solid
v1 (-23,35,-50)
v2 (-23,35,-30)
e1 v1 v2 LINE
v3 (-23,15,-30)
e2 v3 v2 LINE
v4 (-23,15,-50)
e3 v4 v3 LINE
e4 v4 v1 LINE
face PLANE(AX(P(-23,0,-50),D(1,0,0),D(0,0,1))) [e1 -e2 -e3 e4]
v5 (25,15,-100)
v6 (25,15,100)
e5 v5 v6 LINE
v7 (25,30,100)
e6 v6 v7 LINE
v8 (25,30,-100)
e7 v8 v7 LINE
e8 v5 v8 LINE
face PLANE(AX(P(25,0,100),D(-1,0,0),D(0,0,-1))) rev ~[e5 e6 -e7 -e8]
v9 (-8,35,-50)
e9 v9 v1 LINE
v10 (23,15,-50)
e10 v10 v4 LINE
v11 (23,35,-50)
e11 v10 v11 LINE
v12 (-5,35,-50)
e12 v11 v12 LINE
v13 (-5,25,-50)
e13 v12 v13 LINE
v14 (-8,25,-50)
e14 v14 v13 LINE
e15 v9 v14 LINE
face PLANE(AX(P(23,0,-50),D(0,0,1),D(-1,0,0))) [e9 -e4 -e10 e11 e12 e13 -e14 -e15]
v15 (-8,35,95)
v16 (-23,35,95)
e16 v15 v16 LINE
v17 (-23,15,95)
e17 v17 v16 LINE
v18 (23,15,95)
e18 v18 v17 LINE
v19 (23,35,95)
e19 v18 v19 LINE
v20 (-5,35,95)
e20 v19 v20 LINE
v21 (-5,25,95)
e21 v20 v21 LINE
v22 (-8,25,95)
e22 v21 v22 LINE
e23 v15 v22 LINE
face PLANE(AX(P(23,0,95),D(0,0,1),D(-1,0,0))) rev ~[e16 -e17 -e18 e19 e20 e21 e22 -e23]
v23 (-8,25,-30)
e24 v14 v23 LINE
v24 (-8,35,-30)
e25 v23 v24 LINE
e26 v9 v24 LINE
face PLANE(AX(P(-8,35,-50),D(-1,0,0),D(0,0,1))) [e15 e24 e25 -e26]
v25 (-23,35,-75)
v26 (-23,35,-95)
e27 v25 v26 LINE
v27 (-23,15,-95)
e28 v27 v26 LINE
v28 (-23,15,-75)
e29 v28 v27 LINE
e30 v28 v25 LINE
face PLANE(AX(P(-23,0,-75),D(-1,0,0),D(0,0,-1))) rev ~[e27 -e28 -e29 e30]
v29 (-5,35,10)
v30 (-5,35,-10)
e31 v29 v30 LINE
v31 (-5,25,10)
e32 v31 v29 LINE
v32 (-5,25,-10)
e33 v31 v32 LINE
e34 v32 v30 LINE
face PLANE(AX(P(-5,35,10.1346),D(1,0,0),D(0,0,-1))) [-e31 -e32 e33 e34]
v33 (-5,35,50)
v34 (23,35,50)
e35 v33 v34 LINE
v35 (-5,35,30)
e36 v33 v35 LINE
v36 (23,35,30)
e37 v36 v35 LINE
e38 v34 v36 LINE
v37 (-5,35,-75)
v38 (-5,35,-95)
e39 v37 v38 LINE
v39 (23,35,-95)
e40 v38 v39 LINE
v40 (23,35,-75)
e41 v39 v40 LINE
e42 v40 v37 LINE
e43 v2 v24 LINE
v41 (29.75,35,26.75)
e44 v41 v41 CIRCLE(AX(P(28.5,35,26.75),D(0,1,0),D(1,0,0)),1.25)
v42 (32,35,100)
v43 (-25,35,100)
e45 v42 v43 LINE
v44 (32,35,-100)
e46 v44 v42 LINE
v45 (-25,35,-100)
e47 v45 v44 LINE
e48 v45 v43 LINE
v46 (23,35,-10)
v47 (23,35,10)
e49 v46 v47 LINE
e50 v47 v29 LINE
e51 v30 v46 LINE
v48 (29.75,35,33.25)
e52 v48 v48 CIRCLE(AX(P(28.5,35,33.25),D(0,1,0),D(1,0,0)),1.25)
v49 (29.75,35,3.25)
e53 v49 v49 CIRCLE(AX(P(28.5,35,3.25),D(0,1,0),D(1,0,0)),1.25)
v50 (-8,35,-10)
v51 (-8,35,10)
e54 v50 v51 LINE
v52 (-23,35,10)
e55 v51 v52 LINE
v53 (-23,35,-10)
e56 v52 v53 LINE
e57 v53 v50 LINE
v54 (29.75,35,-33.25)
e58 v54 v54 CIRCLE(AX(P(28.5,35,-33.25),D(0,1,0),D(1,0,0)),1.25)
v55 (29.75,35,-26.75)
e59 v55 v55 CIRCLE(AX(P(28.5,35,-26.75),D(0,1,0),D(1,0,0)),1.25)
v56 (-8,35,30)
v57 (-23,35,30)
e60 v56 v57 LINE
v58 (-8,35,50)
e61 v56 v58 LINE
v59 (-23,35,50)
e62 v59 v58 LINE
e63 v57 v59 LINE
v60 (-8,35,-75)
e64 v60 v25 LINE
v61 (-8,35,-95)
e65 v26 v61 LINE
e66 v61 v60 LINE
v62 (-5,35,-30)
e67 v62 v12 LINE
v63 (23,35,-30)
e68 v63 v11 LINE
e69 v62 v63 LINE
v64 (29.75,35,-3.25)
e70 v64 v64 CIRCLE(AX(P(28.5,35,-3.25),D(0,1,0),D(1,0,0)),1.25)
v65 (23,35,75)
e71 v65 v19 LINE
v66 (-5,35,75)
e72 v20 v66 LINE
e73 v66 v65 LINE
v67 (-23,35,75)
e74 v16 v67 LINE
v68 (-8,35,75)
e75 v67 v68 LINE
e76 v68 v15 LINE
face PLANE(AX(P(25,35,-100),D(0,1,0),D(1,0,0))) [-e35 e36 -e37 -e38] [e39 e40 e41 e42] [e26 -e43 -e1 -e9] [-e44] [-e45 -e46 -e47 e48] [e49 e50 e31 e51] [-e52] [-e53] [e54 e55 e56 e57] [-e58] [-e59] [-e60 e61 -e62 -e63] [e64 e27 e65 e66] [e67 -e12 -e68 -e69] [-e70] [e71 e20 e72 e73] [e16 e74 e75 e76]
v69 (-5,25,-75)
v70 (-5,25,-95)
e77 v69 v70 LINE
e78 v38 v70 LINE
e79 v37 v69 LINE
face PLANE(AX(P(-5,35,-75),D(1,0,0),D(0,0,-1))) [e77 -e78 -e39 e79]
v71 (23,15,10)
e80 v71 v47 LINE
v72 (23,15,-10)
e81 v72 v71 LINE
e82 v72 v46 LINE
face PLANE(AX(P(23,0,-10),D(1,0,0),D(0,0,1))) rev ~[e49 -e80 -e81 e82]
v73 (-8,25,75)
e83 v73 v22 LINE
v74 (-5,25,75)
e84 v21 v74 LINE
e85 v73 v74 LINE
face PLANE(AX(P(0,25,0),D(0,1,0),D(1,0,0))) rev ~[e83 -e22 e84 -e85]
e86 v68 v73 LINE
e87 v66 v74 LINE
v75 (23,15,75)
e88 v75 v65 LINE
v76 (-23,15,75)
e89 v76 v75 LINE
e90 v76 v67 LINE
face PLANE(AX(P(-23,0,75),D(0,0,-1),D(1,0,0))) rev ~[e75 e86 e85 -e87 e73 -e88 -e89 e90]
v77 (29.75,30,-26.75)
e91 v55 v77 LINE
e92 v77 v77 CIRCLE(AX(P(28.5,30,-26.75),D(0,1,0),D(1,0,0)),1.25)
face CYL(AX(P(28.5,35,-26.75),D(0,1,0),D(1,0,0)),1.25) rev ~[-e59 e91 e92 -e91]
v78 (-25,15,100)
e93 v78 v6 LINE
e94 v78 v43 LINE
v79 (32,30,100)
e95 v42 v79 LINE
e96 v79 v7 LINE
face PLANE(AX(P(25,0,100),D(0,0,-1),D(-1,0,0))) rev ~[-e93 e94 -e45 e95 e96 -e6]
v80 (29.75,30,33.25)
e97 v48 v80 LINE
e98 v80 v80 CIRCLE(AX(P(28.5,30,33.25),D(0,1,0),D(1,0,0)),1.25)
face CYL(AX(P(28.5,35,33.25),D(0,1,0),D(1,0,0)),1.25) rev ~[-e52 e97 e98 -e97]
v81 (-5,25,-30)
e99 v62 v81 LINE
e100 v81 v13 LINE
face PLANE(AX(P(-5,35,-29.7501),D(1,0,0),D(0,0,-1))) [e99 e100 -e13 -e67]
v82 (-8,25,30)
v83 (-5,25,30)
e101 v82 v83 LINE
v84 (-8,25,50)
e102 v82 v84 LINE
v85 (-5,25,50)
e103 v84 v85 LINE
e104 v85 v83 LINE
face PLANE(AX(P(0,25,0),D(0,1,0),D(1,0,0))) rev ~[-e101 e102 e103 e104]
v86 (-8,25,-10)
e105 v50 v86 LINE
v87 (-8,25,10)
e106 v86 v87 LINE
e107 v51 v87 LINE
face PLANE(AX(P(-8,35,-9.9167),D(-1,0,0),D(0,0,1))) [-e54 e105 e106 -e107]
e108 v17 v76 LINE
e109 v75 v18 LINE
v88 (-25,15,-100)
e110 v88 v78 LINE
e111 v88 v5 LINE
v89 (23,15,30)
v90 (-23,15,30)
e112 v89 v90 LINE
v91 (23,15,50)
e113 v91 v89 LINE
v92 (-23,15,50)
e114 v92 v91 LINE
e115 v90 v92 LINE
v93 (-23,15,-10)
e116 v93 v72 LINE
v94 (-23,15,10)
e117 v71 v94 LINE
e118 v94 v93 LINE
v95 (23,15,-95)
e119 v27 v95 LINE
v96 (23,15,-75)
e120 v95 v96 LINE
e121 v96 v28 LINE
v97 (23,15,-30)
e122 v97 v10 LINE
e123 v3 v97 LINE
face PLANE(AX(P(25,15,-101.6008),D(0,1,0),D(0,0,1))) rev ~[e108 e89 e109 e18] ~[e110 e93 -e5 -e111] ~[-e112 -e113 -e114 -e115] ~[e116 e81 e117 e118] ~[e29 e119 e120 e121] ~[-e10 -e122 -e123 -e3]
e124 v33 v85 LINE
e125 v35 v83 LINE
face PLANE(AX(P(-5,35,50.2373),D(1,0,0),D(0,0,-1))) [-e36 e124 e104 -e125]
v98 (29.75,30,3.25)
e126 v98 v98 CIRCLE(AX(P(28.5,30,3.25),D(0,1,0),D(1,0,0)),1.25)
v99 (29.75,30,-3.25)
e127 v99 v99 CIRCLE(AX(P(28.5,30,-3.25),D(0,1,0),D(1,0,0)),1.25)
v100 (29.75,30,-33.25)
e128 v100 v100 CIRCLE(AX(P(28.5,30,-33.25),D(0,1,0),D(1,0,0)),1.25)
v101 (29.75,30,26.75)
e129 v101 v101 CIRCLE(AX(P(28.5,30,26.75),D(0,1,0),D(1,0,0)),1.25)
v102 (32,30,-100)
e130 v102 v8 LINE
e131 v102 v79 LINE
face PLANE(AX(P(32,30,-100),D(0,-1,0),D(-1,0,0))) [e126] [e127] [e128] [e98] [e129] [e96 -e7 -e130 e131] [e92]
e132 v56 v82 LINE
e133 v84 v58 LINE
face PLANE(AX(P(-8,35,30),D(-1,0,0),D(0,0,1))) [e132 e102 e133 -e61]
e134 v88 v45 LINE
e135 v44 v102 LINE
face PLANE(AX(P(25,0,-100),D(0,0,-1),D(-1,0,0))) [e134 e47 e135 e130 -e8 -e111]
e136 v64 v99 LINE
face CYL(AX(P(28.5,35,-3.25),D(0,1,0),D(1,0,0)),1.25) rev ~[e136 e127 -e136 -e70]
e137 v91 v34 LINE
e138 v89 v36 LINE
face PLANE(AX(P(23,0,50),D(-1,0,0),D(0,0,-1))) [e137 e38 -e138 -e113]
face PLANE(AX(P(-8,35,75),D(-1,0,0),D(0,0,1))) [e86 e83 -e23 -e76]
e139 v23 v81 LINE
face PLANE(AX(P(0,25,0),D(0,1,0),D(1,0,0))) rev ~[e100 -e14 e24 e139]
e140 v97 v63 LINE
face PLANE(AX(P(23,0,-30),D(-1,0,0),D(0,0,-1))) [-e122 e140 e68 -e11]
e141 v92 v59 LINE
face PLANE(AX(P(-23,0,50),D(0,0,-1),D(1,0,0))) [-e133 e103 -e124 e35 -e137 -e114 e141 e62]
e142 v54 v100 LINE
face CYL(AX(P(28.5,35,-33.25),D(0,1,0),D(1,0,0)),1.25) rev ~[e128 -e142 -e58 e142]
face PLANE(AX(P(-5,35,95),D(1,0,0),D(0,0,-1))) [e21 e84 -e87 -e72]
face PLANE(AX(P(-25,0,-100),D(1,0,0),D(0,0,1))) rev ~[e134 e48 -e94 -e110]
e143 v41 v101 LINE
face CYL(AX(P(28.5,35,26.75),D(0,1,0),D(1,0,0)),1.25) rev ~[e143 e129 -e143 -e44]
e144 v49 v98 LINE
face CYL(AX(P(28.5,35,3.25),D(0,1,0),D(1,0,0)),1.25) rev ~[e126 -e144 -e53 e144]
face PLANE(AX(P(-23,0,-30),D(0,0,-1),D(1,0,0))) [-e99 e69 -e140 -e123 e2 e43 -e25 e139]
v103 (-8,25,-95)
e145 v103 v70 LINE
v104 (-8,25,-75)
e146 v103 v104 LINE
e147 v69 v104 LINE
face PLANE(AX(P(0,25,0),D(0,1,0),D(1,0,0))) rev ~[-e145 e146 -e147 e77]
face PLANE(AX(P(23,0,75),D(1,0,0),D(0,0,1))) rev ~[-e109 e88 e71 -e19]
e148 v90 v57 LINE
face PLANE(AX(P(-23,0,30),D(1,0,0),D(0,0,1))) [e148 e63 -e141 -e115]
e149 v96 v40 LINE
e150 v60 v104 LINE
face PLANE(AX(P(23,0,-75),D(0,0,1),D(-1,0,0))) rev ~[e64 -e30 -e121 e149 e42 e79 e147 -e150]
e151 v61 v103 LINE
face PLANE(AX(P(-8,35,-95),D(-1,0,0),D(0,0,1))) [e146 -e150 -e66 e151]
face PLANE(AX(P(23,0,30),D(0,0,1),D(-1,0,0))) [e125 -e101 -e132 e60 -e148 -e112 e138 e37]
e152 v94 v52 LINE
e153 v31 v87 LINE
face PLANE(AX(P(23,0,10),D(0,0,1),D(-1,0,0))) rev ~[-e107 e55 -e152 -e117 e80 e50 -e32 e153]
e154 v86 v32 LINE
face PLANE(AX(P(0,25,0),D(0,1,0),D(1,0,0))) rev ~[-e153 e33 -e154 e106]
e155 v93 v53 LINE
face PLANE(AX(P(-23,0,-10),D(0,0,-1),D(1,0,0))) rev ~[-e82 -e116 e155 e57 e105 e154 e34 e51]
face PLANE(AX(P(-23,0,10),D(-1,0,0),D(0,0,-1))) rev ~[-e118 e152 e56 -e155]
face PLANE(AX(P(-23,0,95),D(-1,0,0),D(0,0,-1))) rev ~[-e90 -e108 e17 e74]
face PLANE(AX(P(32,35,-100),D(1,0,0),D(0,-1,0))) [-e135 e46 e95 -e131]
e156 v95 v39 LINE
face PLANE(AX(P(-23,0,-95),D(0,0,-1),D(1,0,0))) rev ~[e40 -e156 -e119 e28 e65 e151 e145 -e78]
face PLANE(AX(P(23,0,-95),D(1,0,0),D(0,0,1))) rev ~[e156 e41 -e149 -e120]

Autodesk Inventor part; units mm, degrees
ref_plane "YZ Plane" through (0, 0, 0) normal (1, 0, 0) x (0, 1, 0)
ref_plane "XZ Plane" through (0, 0, 0) normal (0, 1, 0) x (-1, 0, 0)
ref_plane "XY Plane" through (0, 0, 0) normal (0, 0, 1) x (1, 0, 0)
sketch "Sketch1" plane through (0, 0, 0) normal (0, 1, 0) x (-1, 0, 0)
  line L0 (-25, -100) -> (25, -100)
  line L1 (25, -100) -> (25, 100)
  line L2 (25, 100) -> (-25, 100)
  line L3 (-25, 100) -> (-25, -100)
  line L4 (-25, -100) -> (25, 100) construction
  line L5 (25, -100) -> (-25, 100) construction
  line L6 (23, 50) -> (-23, 50)
  line L7 (-23, 50) -> (-23, 30)
  line L8 (-23, 30) -> (23, 30)
  line L9 (23, 30) -> (23, 50)
  line L10 (23, 50) -> (-23, 30) construction
  line L11 (-23, 50) -> (23, 30) construction
  line L12 (23, -30) -> (-23, -30)
  line L13 (-23, -30) -> (-23, -50)
  line L14 (-23, -50) -> (23, -50)
  line L15 (23, -50) -> (23, -30)
  line L16 (23, -30) -> (-23, -50) construction
  line L17 (-23, -30) -> (23, -50) construction
  line L18 (-23, 10) -> (23, 10)
  line L19 (23, 10) -> (23, -10)
  line L20 (23, -10) -> (-23, -10)
  line L21 (-23, -10) -> (-23, 10)
  line L22 (-23, 10) -> (23, -10) construction
  line L23 (23, 10) -> (-23, -10) construction
  line L24 (-23, 95) -> (23, 95)
  line L25 (23, 95) -> (23, 75)
  line L26 (23, 75) -> (-23, 75)
  line L27 (-23, 75) -> (-23, 95)
  line L28 (-23, 95) -> (23, 75) construction
  line L29 (23, 95) -> (-23, 75) construction
  line L30 (-23, -75) -> (23, -75)
  line L31 (23, -75) -> (23, -95)
  line L32 (23, -95) -> (-23, -95)
  line L33 (-23, -95) -> (-23, -75)
  line L34 (-23, -75) -> (23, -95) construction
  line L35 (23, -75) -> (-23, -95) construction
  point P0 (0, 0)
  point P1 (0, 40)
  point P2 (0, -40)
  point P3 (0, 0)
  point P4 (0, 85)
  point P5 (0, -85)
  dimension "d0" = 200
  dimension "d1" = 50
  dimension "d2" = 2
  dimension "d3" = 46
  dimension "d4" = 20
  dimension "d5" = 46
  dimension "d6" = 20
  dimension "d7" = 2
  dimension "d8" = 20
  dimension "d9" = 46
  dimension "d10" = 2
  dimension "d11" = 0
  dimension "d12" = 20
  dimension "d13" = 20
  dimension "d14" = 46
  dimension "d15" = 20
  dimension "d16" = 20
  dimension "d17" = 46
  dimension "d18" = 2
  dimension "d19" = 2
  dimension "d20" = 25
  dimension "d21" = 25
extrude "Extrusion1" add sketch "Sketch1" along normal blind 35
sketch "Sketch2" plane through (0, 35, 0) normal (0, 1, 0) x (1, 0, 0)
  line L0 (23, -95) -> (-23, -95) projected
  line L1 (-23, -75) -> (23, -75) projected
  line L2 (-8, -95) -> (-5, -95)
  line L3 (-5, -95) -> (-5, -75)
  line L4 (-5, -75) -> (-8, -75)
  line L5 (-8, -75) -> (-8, -95)
  line L6 (-23, -30) -> (23, -30) projected
  line L7 (-8, -50.2373) -> (-5, -50.2373)
  line L8 (-5, -50.2373) -> (-5, -30)
  line L9 (-5, -30) -> (-8, -30)
  line L10 (-8, -30) -> (-8, -50.2373)
  line L11 (-8, -10.1346) -> (-5, -10.1346)
  line L12 (-5, -10.1346) -> (-5, 9.9167)
  line L13 (-5, 9.9167) -> (-8, 9.9167)
  line L14 (-8, 9.9167) -> (-8, -10.1346)
  line L15 (-23, 50) -> (23, 50) projected
  line L16 (-8, 29.7501) -> (-5, 29.7501)
  line L17 (-5, 29.7501) -> (-5, 50)
  line L18 (-5, 50) -> (-8, 50)
  line L19 (-8, 50) -> (-8, 29.7501)
  line L20 (23, 75) -> (-23, 75) projected
  line L21 (-23, 95) -> (23, 95) projected
  line L22 (-8, 75) -> (-5, 75)
  line L23 (-5, 75) -> (-5, 95)
  line L24 (-5, 95) -> (-8, 95)
  line L25 (-8, 95) -> (-8, 75)
  line L26 (-23, -95) -> (-23, -75) projected
  line L27 (-23, 75) -> (-23, 95) projected
  point P0 (0, 0)
  dimension "d24" = 3
  dimension "d25" = 3
  dimension "d26" = 3
  dimension "d27" = 3
  dimension "d28" = 3
  dimension "d29" = 15
  dimension "d30" = 15
extrude "Extrusion2" add sketch "Sketch2" against normal blind 10 contours L0 L5 L1 L3 | L6 L8 L7 L10 | L14 L13 L12 L11 | L15 L17 L16 L19 | L20 L25 L21 L23
sketch "Sketch3" plane through (0, 35, 0) normal (0, 1, 0) x (1, 0, 0)
  line L0 (-5, -10) -> (-5, 9.9167) projected
  line L1 (-8, 30) -> (-8, 50) projected
  line L2 (-5, 8.437) -> (-8, 8.437)
  line L3 (-8, 8.437) -> (-8, 32.4131)
  line L4 (-8, 32.4131) -> (-5, 32.4131)
  line L5 (-5, 32.4131) -> (-5, 8.437)
  point P0 (0, 0)
extrude "Extrusion3" add sketch "Sketch3" against normal blind 10
sketch "Sketch4" plane through (25, 0, -100) normal (0, 0, -1) x (-1, 0, 0)
  line L0 (0, 35) -> (-7, 35)
  line L1 (-7, 35) -> (-7, 30)
  line L2 (-7, 30) -> (0, 30)
  line L3 (0, 30) -> (0, 35)
  line L4 (0, 0) -> (0, 35) projected
  line L5 (0, 35) -> (50, 35) projected
  point P0 (25, 0)
  dimension "d35" = 0
  dimension "d36" = 7
  dimension "d37" = 5
  dimension "d38" = 0
extrude "Extrusion4" add sketch "Sketch4" against normal blind 200
sketch "Sketch5" plane through (25, 0, -100) normal (0, 0, -1) x (-1, 0, 0)
  point P0 (25, 0)
sketch "Sketch6" plane through (0, 35, 0) normal (0, 1, 0) x (1, 0, 0)
  circle A0 centre (28.5, -33.25) radius 1.25
  circle A1 centre (28.5, -26.75) radius 1.25
  line L0 (32, 100) -> (32, -100)
  circle A2 centre (28.5, -3.25) radius 1.25
  circle A3 centre (28.5, 3.25) radius 1.25
  circle A4 centre (28.5, 26.75) radius 1.25
  circle A5 centre (28.5, 33.25) radius 1.25
  line L1 (-25, 100) -> (32, 100)
  line L2 (-25, -100) -> (32, -100)
  point P0 (0, 0)
  dimension "d41" = 2.5
  dimension "d42" = 2.5
  dimension "d46" = 2.5
  dimension "d47" = 2.5
  dimension "d48" = 2.5
  dimension "d49" = 2.5
  dimension "d51" = 4
  dimension "d53" = 4
  dimension "d54" = 3.5
  dimension "d55" = 3.5
  dimension "d56" = 3.5
  dimension "d57" = 4
  dimension "d58" = 3.5
  dimension "d59" = 3.5
  dimension "d62" = 96.75
  dimension "d63" = 3.5
  dimension "d66" = 21
  dimension "d67" = 21
extrude "Extrusion5" cut sketch "Sketch6" against normal blind 30
sketch "Sketch7" plane through (25, 0, -100) normal (0, 0, -1) x (-1, 0, 0)
  point P0 (25, 0)
sketch "Sketch8" plane through (0, 35, 0) normal (0, 1, 0) x (1, 0, 0)
  point P0 (0, 0)
sketch "Sketch9" plane through (25, 0, 100) normal (1, 0, 0) x (0, 0, -1)
  line L0 (-3.3992, 0) -> (201.6008, 0)
  line L1 (201.6008, 0) -> (201.6008, 15)
  line L2 (201.6008, 15) -> (-3.3992, 15)
  line L3 (-3.3992, 15) -> (-3.3992, 0)
  line L4 (0, 0) -> (200, 0) projected
  point P0 (100, 0)
  dimension "d68" = 15
  dimension "d69" = 0
  dimension "d70" = 205
extrude "Extrusion6" cut sketch "Sketch9" against normal blind 55
properties part number "Fem_Sensor_Indtil_Videre"
